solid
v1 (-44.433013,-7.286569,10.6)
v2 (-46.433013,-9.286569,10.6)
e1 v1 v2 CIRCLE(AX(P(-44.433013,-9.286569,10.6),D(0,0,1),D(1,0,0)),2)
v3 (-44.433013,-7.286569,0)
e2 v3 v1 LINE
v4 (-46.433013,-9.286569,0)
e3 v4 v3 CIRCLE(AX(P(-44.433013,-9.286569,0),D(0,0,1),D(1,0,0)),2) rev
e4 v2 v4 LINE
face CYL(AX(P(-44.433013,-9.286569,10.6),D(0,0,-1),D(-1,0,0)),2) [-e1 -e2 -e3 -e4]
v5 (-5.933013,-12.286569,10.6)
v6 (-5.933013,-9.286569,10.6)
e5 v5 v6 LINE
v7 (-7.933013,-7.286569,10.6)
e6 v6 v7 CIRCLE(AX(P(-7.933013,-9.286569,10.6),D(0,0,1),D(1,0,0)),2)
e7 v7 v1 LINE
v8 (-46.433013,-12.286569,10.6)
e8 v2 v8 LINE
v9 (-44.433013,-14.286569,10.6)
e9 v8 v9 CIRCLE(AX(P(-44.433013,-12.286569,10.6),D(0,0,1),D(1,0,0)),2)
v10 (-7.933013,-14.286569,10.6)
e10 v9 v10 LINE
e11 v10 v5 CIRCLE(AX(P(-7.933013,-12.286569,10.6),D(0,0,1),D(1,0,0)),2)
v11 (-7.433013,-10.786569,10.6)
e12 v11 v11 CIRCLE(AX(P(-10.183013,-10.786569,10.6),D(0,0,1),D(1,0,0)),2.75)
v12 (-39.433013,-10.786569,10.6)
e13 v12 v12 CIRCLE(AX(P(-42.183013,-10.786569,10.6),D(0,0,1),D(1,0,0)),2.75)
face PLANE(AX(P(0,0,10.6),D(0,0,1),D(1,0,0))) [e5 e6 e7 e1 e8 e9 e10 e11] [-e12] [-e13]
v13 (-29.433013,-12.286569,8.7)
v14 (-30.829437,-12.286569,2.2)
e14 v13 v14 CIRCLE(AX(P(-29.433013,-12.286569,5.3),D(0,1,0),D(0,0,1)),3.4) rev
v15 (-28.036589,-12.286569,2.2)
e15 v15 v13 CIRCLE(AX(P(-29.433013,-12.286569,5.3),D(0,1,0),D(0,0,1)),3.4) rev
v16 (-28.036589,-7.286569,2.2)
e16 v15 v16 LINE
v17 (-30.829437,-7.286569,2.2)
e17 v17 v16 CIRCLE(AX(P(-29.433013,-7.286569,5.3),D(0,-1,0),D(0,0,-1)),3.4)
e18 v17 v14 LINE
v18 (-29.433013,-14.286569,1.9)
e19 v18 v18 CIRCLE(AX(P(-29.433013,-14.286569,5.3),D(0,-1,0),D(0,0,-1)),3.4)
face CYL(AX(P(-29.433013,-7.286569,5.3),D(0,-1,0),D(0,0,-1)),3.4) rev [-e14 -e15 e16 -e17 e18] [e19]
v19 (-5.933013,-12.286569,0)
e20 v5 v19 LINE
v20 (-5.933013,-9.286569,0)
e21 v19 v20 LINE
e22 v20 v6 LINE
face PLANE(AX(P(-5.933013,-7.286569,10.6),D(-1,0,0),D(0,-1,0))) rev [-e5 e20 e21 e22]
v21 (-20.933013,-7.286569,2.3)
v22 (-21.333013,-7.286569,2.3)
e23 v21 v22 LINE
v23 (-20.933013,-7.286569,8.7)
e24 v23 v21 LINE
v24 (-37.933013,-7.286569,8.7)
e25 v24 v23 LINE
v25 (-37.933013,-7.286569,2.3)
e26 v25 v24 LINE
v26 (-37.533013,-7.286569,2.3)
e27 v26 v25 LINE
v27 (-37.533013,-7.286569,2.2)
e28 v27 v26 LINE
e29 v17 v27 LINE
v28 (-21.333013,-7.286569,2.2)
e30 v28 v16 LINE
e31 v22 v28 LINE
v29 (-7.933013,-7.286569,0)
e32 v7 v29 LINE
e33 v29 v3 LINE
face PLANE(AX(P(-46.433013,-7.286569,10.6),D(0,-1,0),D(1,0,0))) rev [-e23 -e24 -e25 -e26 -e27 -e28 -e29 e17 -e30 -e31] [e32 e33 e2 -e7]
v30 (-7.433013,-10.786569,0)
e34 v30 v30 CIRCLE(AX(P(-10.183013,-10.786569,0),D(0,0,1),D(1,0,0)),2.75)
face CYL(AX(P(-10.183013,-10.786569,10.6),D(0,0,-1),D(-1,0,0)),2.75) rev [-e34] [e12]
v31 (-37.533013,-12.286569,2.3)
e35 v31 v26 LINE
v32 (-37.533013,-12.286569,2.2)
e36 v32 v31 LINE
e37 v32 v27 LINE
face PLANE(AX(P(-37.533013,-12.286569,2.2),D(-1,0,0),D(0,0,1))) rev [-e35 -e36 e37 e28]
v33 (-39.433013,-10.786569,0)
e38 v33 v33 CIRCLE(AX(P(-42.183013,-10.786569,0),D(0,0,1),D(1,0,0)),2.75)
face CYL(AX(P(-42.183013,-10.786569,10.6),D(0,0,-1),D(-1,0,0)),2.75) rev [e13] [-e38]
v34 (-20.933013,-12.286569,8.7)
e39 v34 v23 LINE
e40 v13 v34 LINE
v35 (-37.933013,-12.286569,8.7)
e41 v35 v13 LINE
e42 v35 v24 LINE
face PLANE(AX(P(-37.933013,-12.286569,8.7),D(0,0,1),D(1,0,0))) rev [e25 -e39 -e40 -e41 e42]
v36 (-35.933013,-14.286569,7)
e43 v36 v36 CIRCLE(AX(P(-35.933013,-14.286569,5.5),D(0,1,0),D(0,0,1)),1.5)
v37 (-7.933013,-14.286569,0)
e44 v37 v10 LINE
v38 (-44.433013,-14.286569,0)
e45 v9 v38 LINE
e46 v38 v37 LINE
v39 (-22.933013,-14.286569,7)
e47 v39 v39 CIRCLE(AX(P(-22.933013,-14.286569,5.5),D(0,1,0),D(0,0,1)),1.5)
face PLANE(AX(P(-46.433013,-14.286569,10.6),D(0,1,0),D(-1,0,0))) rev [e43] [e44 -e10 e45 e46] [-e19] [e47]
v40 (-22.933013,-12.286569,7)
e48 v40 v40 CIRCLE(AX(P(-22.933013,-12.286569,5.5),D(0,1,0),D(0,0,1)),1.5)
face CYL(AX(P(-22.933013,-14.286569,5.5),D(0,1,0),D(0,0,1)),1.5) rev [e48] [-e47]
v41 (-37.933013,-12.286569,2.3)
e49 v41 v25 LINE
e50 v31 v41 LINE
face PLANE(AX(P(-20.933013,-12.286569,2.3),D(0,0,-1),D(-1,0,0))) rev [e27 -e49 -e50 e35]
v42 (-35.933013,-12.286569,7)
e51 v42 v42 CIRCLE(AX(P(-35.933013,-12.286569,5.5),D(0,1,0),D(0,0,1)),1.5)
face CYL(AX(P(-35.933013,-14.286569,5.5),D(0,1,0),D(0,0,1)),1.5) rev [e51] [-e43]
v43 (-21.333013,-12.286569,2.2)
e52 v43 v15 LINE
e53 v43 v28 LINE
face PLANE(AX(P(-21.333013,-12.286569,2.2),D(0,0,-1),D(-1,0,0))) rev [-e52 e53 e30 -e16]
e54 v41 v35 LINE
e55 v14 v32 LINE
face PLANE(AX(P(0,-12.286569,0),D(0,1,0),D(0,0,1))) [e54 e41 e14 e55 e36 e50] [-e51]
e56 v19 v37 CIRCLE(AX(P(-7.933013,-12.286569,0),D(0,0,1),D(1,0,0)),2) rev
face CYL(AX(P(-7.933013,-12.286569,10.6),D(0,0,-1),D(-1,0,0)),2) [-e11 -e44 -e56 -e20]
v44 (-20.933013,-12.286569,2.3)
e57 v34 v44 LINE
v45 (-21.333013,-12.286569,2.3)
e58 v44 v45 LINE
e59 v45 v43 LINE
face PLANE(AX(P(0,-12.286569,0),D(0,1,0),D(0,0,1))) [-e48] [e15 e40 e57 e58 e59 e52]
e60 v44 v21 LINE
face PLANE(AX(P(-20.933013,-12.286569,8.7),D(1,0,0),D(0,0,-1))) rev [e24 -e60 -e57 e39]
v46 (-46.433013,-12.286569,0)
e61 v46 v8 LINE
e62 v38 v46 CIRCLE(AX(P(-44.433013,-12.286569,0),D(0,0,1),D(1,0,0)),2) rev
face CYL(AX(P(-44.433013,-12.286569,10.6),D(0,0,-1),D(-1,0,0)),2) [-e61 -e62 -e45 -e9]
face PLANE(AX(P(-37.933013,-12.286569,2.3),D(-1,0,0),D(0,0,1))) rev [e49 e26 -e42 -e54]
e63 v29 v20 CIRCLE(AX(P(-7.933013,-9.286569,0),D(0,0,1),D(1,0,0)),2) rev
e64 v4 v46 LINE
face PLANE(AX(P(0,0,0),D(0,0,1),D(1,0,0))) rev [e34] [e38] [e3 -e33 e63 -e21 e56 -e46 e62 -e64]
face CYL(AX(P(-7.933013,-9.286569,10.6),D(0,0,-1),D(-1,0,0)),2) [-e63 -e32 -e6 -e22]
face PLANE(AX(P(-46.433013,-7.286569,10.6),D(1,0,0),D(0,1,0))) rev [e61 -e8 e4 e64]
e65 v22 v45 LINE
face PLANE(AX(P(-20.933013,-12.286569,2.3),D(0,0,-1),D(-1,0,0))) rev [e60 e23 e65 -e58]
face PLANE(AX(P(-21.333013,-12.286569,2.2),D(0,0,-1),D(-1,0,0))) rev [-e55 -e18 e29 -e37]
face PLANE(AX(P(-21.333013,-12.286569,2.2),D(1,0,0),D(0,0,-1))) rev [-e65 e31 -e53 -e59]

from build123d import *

# Parameters (mm, degrees)
CROQUIS1_W              = 40.5
CROQUIS1_H              = 7
CROQUIS1_R              = 2.75
SALIENTE_EXTRUIR1_DEPTH = 10.6
CROQUIS5_R              = 3.4
CORTAR_EXTRUIR4_DEPTH   = 7
REDONDEO1_R             = 2
CROQUIS7_W              = 17
CROQUIS7_H              = 6.4
CORTAR_EXTRUIR5_DEPTH   = 5
CROQUIS8_R              = 1.5
CORTAR_EXTRUIR6_DEPTH   = 2
CROQUIS9_W              = 16.2
CROQUIS9_H              = 6.2
CORTAR_EXTRUIR7_DEPTH   = 5


with BuildPart() as part:
    # Croquis1 → Saliente-Extruir1 (new body)
    with BuildSketch(Plane.XY):
        with Locations((-26.183013117, -10.786568945)):
            Rectangle(CROQUIS1_W, CROQUIS1_H)
        with Locations((-42.183013117, -10.786568945)):
            Circle(CROQUIS1_R, mode=Mode.SUBTRACT)
        with Locations((-10.183013117, -10.786568945)):
            Circle(CROQUIS1_R, mode=Mode.SUBTRACT)
    extrude(amount=SALIENTE_EXTRUIR1_DEPTH)

    # Croquis5 → Cortar-Extruir4 (cut)
    with BuildSketch(Plane.XZ.offset(14.286568945)):
        with Locations(Location((-29.433013117, 5.3, 0), (0, 0, 270))):
            Circle(CROQUIS5_R)
    extrude(amount=-CORTAR_EXTRUIR4_DEPTH, mode=Mode.SUBTRACT)

    # Redondeo1
    redondeo1_edges = [part.edges().sort_by_distance(p)[0] for p in [
        (-46.433013117, -7.286568945, 5.3),
        (-5.933013117, -7.286568945, 5.3),
        (-5.933013117, -14.286568945, 5.3),
        (-46.433013117, -14.286568945, 5.3),
    ]]
    fillet(redondeo1_edges, radius=REDONDEO1_R)

    # Croquis7 → Cortar-Extruir5 (cut)
    with BuildSketch(Plane(origin=(0, -7.286568945, 0), x_dir=(1, 0, 0), z_dir=(0, 1, 0))):
        with Locations((-29.433013117, -5.5)):
            Rectangle(CROQUIS7_W, CROQUIS7_H)
    extrude(amount=-CORTAR_EXTRUIR5_DEPTH, mode=Mode.SUBTRACT)

    # Croquis8 → Cortar-Extruir6 (cut)
    with BuildSketch(Plane(origin=(0, -12.286568945, 0), x_dir=(1, 0, 0), z_dir=(0, 1, 0))):
        with Locations(Location((-22.933013117, -5.5, 0), (0, 0, 270))):
            Circle(CROQUIS8_R)
        with Locations(Location((-35.933013117, -5.5, 0), (0, 0, 270))):
            Circle(CROQUIS8_R)
    extrude(amount=-CORTAR_EXTRUIR6_DEPTH, mode=Mode.SUBTRACT)

    # Croquis9 → Cortar-Extruir7 (cut)
    with BuildSketch(Plane(origin=(0, -7.286568945, 0), x_dir=(1, 0, 0), z_dir=(0, 1, 0))):
        with Locations((-29.433013117, -5.3)):
            Rectangle(CROQUIS9_W, CROQUIS9_H)
    extrude(amount=-CORTAR_EXTRUIR7_DEPTH, mode=Mode.SUBTRACT)


solid = part.part
